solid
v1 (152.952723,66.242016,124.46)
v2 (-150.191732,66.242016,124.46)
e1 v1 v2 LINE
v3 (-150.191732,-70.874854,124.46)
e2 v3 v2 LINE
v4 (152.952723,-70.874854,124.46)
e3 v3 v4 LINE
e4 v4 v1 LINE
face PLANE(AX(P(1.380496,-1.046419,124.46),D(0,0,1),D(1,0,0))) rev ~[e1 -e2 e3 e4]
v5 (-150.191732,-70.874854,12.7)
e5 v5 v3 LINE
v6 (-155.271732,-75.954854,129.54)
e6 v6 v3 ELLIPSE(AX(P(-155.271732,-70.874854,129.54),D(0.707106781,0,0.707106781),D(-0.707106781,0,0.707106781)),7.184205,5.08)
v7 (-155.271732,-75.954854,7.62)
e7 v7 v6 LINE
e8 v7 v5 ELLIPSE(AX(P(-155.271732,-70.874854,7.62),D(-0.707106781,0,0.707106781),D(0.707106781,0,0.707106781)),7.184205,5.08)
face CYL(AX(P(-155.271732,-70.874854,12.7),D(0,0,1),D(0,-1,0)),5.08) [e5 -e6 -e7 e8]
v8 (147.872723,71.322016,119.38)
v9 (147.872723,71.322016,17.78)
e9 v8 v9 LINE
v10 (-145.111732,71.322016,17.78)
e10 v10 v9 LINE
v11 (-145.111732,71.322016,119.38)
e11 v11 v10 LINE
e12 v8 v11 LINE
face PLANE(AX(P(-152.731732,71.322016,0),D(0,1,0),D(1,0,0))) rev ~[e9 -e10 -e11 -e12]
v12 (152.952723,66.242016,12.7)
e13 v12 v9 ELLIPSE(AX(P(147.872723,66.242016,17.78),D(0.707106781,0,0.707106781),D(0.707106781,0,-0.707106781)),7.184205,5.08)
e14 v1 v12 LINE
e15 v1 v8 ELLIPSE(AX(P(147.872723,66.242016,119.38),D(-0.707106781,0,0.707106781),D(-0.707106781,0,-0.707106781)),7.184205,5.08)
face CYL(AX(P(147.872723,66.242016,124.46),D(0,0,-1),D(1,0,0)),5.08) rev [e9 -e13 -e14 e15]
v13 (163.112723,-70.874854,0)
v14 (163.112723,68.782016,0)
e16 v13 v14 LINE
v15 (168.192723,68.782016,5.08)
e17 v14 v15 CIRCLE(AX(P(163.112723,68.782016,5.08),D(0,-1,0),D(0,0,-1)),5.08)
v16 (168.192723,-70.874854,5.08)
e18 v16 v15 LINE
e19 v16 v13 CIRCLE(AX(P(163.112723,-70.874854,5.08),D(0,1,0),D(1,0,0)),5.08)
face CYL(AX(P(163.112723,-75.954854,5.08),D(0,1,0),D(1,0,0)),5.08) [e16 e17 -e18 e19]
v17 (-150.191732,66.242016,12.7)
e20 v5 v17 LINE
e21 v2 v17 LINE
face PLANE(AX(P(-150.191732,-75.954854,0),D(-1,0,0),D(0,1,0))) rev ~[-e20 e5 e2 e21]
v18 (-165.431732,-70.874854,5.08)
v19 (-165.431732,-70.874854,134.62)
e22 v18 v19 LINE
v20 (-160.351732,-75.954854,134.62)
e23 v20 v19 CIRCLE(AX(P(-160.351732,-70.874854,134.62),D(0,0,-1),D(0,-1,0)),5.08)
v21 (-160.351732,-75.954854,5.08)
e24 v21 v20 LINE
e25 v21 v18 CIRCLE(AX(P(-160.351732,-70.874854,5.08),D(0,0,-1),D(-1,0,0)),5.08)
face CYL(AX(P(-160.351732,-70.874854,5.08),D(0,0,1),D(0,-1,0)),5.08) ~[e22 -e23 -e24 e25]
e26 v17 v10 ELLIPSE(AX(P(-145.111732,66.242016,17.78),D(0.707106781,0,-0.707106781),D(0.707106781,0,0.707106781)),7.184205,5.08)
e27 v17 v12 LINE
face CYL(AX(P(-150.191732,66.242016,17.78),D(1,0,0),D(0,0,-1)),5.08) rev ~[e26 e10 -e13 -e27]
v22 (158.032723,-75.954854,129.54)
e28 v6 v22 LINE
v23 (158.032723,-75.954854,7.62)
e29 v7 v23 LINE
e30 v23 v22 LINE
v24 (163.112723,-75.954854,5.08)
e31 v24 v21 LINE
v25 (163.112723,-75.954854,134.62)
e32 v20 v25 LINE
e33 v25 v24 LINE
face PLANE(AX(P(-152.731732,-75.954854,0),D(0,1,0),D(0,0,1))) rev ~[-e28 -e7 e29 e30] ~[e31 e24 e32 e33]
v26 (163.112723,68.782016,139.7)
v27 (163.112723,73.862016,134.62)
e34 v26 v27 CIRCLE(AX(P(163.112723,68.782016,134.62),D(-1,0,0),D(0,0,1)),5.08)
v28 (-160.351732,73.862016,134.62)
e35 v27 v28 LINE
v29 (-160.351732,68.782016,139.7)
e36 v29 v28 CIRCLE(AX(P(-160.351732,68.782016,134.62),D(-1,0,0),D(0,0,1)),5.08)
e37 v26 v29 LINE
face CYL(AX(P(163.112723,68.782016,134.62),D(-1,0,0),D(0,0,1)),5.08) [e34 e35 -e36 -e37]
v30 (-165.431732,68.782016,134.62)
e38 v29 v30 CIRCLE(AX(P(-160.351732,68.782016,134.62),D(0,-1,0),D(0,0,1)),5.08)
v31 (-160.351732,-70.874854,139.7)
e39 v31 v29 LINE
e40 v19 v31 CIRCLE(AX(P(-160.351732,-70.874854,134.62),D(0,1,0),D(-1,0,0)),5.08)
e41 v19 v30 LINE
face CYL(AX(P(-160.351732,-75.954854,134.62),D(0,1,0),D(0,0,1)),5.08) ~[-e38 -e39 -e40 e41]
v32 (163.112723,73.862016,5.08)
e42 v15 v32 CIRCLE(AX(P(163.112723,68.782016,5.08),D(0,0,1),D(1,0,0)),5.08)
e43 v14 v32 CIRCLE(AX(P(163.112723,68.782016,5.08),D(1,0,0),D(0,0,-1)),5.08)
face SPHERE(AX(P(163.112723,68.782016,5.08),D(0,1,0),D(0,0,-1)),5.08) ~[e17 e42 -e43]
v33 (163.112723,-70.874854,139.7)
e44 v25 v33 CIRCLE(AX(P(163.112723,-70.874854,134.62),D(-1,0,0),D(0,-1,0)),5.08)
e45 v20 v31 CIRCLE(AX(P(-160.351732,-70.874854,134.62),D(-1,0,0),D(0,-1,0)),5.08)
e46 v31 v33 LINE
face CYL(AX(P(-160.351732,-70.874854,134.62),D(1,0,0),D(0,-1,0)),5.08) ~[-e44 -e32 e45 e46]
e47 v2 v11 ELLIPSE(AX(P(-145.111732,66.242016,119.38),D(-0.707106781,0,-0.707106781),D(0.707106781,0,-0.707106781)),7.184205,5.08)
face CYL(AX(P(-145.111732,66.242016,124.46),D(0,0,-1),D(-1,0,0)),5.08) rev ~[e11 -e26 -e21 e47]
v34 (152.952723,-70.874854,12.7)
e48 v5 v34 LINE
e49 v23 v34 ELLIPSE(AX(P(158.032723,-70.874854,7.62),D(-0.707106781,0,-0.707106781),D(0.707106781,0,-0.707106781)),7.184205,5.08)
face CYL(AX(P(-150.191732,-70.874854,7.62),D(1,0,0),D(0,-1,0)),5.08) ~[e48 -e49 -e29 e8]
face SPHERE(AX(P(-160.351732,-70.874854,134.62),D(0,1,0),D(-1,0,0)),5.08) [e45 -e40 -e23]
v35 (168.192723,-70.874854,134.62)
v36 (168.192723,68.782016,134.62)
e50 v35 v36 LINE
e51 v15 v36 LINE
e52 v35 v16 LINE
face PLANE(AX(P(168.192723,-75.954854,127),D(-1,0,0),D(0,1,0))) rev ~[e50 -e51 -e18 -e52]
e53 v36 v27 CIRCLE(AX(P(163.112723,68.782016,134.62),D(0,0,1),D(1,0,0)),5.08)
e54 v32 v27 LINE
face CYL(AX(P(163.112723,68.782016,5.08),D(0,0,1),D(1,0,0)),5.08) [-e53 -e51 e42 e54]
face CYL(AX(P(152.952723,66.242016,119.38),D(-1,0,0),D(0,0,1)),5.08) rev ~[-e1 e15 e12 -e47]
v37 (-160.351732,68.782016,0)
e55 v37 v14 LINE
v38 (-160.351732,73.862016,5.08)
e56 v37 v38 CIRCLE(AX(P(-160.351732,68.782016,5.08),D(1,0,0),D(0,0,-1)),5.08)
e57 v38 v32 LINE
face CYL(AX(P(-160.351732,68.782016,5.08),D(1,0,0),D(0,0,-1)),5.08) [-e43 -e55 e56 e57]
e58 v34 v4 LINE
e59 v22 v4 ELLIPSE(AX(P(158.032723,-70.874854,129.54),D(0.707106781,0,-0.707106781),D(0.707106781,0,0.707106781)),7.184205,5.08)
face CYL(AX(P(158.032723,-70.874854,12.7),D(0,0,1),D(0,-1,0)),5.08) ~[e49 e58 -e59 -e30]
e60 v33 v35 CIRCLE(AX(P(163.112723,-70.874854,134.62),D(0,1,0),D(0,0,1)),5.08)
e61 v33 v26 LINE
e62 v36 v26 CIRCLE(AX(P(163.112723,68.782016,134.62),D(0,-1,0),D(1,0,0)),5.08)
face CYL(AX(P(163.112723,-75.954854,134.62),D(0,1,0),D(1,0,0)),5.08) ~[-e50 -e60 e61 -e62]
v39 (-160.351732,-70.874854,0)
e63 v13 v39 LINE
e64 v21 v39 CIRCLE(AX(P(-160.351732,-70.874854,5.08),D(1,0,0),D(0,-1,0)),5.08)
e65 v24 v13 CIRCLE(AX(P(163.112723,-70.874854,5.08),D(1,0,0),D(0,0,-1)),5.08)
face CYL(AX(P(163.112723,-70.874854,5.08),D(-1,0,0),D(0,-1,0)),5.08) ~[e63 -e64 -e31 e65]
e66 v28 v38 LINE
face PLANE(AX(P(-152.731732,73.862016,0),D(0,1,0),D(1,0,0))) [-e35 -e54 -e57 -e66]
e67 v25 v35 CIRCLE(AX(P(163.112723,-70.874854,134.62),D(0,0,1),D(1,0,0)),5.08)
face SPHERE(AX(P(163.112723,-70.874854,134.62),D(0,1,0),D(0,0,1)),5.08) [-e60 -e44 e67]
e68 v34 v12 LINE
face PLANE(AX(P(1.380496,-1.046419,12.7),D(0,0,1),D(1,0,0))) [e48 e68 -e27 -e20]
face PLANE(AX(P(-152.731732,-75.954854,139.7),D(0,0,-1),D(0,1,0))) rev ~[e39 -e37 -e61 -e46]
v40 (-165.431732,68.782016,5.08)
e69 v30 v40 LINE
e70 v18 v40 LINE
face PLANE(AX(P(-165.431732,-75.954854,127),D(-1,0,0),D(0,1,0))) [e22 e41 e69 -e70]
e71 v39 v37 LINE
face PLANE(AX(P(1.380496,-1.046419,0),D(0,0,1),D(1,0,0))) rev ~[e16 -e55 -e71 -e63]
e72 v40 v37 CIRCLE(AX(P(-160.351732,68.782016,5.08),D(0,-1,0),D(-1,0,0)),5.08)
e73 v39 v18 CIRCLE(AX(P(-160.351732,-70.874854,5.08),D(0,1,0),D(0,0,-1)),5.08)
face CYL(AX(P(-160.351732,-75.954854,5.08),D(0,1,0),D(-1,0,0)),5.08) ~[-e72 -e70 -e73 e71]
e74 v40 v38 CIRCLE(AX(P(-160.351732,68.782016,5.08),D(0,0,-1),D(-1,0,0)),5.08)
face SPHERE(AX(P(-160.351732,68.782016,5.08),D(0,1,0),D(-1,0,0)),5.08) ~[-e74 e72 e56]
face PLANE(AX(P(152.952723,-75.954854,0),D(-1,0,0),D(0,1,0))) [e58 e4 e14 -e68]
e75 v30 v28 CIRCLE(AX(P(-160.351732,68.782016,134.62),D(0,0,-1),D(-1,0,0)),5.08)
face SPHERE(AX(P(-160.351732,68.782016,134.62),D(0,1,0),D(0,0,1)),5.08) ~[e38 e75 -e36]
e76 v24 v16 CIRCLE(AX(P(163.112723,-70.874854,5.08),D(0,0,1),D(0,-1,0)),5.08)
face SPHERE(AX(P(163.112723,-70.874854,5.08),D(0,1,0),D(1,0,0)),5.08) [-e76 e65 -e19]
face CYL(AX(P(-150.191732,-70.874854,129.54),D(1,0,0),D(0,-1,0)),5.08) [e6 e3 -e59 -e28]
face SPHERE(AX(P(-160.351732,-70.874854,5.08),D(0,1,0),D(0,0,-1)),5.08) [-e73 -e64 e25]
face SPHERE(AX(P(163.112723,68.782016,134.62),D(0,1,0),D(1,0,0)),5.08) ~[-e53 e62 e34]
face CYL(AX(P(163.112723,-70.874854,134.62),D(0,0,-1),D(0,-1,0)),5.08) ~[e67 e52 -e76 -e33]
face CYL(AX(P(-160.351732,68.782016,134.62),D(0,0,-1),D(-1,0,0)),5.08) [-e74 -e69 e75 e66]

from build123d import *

# Parameters (mm, degrees)
F0_W     = 308.2244545221
F0_H     = 149.8168706894
F1_DEPTH = 127
F3_T     = -2.54
F2_W     = 308.2244545221
F2_H     = 149.8168706894
F4_DEPTH = 12.7
F5_DEPTH = 12.7
F6_DEPTH = 12.7
F7_DEPTH = 12.7
F8_R     = 5.08
F9_R     = 5.08
F10_R    = 5.08
F11_R    = 5.08
F12_R    = 5.08


with BuildPart() as f1:
    # F0 (on Top) → F1 (new body)
    with BuildSketch(Plane.XY):
        with Locations((1.3804957271, -1.0464191437)):
            Rectangle(F0_W, F0_H)
    extrude(amount=F1_DEPTH)

    # F3
    f3_openings = [f1.faces().sort_by_distance(p)[0] for p in [
        (1.380496, -75.954854, 63.5),
    ]]
    offset(amount=F3_T, openings=f3_openings)

    # F2 (on face) → F4 (join)
    with BuildSketch(Plane.XY.offset(127)):
        with Locations((1.3804957271, -1.0464191437)):
            Rectangle(F2_W, F2_H)
    extrude(amount=F4_DEPTH)

    # F5 (add): a face of the model
    f5_faces = [f1.faces().sort_by_distance(p)[0] for p in [
        (155.4927229881, -1.0464191437, 69.85),
    ]]
    extrude(f5_faces, amount=F5_DEPTH)

    # F6 (add): a face of the model
    f6_faces = [f1.faces().sort_by_distance(p)[0] for p in [
        (-152.731731534, -1.0464191437, 69.85),
    ]]
    extrude(f6_faces, amount=F6_DEPTH)

    # F0 (on Top) → F7 (join)
    with BuildSketch(Plane.XY):
        with Locations((1.3804957271, -1.0464191437)):
            Rectangle(F0_W, F0_H)
    extrude(amount=F7_DEPTH)

    # F8
    f8_edges = [f1.edges().sort_by_distance(p)[0] for p in [
        (-165.431732, -1.046419, 139.7),
        (-165.431732, -1.046419, 0),
        (168.192723, -1.046419, 139.7),
        (168.192723, -1.046419, 0),
    ]]
    fillet(f8_edges, radius=F8_R)

    # F9
    f9_edges = [f1.edges().sort_by_distance(p)[0] for p in [
        (1.380496, 73.862016, 139.7),
    ]]
    fillet(f9_edges, radius=F9_R)

    # F10
    f10_edges = [f1.edges().sort_by_distance(p)[0] for p in [
        (-150.191732, -75.954854, 68.58),
        (1.380496, -75.954854, 12.7),
        (1.380496, -75.954854, 124.46),
        (152.952723, -75.954854, 68.58),
    ]]
    fillet(f10_edges, radius=F10_R)

    # F11
    f11_edges = [f1.edges().sort_by_distance(p)[0] for p in [
        (1.380496, -75.954854, 139.7),
    ]]
    fillet(f11_edges, radius=F11_R)

    # F12
    f12_edges = [f1.edges().sort_by_distance(p)[0] for p in [
        (1.380496, 71.322016, 12.7),
        (-150.191732, 71.322016, 68.58),
        (1.380496, 71.322016, 124.46),
        (152.952723, 71.322016, 68.58),
    ]]
    fillet(f12_edges, radius=F12_R)


solid = f1.part
